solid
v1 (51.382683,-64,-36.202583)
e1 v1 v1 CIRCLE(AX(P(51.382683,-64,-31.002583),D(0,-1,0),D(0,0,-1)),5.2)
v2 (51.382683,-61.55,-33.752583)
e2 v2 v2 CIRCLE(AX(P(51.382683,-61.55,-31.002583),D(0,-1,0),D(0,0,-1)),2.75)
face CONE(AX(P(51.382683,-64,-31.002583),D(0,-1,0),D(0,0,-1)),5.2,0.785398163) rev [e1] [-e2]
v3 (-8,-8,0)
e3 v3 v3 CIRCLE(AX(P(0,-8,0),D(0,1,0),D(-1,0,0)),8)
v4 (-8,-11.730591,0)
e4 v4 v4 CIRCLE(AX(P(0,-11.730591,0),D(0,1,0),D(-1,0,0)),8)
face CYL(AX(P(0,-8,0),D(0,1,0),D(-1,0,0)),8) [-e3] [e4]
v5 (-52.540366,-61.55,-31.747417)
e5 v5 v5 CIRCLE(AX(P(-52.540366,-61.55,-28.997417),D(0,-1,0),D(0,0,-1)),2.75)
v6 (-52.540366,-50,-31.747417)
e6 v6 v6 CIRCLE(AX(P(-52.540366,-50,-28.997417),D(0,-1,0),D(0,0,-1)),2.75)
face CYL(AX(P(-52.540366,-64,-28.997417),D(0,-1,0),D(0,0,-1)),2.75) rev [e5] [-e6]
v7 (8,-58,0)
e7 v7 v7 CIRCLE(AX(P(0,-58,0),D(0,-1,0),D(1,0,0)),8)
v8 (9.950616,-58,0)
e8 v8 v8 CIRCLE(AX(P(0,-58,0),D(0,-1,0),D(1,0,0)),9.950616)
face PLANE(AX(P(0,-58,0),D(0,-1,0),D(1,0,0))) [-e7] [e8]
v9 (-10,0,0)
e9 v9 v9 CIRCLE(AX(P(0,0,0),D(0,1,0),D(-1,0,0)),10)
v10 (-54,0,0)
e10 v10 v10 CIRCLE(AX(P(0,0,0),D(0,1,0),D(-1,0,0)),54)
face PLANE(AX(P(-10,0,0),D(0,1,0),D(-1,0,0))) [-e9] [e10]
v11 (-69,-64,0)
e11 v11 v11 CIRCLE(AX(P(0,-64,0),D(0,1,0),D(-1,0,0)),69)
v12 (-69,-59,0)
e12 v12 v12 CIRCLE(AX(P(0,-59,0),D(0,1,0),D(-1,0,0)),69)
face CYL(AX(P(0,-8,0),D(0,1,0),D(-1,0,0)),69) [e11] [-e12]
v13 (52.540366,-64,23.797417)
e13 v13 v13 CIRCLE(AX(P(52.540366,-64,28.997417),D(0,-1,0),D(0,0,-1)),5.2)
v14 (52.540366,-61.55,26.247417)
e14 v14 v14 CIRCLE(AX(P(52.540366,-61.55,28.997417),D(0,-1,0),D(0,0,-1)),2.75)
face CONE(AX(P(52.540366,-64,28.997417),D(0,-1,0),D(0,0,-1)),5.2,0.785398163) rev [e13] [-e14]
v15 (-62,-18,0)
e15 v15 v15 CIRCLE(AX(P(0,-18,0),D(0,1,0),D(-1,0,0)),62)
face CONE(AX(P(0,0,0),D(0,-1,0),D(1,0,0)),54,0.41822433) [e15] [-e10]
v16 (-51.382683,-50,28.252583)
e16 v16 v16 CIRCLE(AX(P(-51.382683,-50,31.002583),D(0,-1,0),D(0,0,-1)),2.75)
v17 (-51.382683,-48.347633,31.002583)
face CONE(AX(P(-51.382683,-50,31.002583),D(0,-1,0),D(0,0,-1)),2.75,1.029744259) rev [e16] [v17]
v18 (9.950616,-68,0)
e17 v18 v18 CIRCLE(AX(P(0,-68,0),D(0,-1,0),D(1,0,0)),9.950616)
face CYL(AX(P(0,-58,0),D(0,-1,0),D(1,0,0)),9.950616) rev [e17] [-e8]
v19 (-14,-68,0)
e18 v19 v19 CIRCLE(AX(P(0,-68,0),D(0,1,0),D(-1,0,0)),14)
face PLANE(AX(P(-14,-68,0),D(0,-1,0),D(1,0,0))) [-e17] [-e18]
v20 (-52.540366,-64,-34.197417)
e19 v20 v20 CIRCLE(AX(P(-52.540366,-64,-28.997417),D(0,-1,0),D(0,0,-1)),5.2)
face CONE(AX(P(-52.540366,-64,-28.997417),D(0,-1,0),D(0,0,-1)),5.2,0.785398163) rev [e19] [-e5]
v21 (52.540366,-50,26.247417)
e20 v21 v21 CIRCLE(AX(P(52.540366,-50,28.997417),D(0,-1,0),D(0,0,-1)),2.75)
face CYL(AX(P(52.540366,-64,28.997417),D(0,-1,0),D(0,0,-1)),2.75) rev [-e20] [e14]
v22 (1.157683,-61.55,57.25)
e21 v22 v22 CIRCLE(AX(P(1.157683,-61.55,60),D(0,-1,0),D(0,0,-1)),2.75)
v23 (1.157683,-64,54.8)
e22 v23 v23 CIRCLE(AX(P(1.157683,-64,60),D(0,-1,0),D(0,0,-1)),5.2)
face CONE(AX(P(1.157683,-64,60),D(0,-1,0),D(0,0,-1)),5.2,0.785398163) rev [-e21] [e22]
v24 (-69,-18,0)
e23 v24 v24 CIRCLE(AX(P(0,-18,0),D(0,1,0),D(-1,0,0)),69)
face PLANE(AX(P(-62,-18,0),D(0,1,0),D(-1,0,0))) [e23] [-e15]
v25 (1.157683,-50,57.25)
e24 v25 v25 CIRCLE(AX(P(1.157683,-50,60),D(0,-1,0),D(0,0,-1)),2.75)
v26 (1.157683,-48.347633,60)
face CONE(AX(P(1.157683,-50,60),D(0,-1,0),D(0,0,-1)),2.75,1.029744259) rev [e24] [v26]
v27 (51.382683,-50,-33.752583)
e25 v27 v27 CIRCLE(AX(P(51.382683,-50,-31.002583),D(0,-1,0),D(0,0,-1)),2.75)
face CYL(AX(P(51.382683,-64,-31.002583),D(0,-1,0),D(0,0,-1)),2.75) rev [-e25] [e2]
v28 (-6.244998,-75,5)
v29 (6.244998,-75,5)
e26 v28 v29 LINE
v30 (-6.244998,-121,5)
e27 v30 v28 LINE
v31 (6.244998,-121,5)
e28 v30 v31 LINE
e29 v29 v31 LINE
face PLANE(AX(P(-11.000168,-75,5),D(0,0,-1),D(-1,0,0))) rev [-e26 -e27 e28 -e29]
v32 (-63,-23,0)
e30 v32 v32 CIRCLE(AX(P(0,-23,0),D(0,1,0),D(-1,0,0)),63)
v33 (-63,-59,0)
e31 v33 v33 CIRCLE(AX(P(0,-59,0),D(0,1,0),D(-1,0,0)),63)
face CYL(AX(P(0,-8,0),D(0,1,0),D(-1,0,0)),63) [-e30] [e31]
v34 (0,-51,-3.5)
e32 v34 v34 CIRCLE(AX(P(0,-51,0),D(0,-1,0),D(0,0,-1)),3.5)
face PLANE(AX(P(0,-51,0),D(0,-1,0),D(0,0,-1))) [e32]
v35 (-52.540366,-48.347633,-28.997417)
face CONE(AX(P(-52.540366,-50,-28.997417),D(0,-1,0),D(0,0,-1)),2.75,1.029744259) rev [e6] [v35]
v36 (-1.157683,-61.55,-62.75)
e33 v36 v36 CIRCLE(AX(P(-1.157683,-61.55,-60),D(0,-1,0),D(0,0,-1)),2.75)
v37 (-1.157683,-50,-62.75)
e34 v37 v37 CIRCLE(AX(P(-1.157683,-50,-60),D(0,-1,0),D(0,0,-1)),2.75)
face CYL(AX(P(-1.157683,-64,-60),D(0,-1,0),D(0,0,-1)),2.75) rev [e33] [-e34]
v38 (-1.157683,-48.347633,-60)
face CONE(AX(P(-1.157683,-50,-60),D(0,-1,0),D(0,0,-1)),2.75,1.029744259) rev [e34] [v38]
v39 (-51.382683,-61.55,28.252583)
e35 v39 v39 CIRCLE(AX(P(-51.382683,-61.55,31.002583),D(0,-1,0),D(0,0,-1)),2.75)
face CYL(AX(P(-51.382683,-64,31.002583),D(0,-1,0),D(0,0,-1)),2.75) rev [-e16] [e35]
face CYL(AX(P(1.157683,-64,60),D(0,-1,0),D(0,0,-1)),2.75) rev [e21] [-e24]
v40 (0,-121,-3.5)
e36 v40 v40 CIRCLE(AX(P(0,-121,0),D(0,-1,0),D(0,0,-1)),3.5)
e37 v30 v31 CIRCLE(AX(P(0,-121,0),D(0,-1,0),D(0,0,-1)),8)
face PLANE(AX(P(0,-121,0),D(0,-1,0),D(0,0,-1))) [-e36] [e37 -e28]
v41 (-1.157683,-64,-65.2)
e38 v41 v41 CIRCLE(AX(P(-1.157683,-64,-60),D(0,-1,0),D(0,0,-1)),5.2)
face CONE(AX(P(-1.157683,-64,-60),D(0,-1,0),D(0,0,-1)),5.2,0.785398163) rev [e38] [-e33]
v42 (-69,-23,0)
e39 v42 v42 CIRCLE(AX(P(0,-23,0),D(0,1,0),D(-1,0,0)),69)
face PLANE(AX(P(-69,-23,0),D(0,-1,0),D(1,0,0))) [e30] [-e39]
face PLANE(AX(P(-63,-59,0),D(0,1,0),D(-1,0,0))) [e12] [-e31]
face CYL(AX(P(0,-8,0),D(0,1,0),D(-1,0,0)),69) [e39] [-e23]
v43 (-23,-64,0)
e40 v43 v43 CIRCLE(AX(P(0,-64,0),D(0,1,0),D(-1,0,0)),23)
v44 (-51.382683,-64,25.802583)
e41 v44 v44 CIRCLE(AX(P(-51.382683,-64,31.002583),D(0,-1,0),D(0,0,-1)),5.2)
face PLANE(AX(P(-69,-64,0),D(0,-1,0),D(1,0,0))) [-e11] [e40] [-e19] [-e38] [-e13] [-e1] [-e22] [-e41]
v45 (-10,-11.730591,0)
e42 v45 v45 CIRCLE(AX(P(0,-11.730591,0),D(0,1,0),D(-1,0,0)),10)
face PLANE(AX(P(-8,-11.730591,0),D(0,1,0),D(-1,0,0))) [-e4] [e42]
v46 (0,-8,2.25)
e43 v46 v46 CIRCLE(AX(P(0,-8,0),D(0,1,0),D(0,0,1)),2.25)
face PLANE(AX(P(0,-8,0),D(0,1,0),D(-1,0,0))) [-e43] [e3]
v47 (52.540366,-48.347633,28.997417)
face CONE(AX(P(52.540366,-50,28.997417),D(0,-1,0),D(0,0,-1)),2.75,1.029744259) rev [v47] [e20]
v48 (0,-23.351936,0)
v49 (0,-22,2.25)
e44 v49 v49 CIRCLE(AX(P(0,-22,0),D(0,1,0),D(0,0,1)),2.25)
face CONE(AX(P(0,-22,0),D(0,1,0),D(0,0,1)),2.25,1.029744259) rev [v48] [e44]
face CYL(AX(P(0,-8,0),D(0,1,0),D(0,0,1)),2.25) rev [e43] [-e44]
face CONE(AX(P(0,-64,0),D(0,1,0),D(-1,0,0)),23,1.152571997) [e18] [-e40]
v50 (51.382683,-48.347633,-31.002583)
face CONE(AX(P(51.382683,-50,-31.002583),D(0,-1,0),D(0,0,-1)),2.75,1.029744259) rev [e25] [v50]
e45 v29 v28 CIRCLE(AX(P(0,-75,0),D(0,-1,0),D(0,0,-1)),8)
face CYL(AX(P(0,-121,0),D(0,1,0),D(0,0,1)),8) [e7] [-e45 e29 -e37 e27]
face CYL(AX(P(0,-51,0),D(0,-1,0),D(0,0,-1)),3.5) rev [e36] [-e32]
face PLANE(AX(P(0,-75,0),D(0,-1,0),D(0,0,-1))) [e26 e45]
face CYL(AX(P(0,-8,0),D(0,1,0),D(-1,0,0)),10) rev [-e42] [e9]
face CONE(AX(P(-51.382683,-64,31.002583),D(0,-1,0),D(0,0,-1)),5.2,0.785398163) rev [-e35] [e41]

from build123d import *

# Parameters (mm, degrees)
EXTRUDE_START            = 53
SKETCH_3_R               = 8
EXTRUDE_1_DEPTH          = 53
SKETCH_4_W               = 21.869380784
SKETCH_4_H               = 6.809627549
CUT_EXTRUDE_1_DEPTH      = 46
SKETCH_5_R               = 3.5
CUT_EXTRUDE_2_DEPTH      = 70
PATTERN_CIRCULAR_1_COUNT = 6
HOLE_WIZARD_M41_D        = 4.5
HOLE_WIZARD_M41_DEPTH    = 14
HOLE_WIZARD_M41_TIP      = 1.351936393
SKETCH_14_R              = 9.95061624
SKETCH_14_R_2            = 8
CUT_EXTRUDE_5_DEPTH      = 10


with BuildPart() as part:
    # Эскиз2 → Повернуть1 (revolve)
    with BuildSketch(Plane.XY):
        Polygon((-10, 0), (-54, 0), (-62, -18), (-69, -18), (-69, -23), (-63, -23), (-63, -59), (-69, -59), (-69, -64), (-23, -64), (-14, -68), (0, -68), (0, -8), (-8, -8), (-8, -11.730591033), (-10, -11.730591033), align=None)
    revolve(axis=Axis((0, -8, 0), (0, -1, 0)))

    # Эскиз3 → Бобышка-Вытянуть1 (add)
    with BuildSketch(Plane.XZ.offset(68).offset(EXTRUDE_START)):
        with Locations(Location((0, 0, 0), (0, 0, 180))):
            Circle(SKETCH_3_R)
    extrude(amount=-EXTRUDE_1_DEPTH)

    # Эскиз4 → Вырез-Вытянуть1 (cut)
    with BuildSketch(Plane.XZ.offset(121)):
        with Locations((-0.065477188, 8.404813774)):
            Rectangle(SKETCH_4_W, SKETCH_4_H)
    extrude(amount=-CUT_EXTRUDE_1_DEPTH, mode=Mode.SUBTRACT)

    # Эскиз5 → Вырез-Вытянуть2 (cut)
    with BuildSketch(Plane.XZ.offset(121)):
        with Locations(Location((0, 0, 0), (0, 0, 270))):
            Circle(SKETCH_5_R)
    extrude(amount=-CUT_EXTRUDE_2_DEPTH, mode=Mode.SUBTRACT)

    # Эскиз7 → Зенковка для винта с полупотайной головкой M51 (revolve, cut)
    with BuildSketch(Plane(origin=(-1.157683247, -64, -60), x_dir=(0, 0, -1), z_dir=(1, 0, 0))):
        Polygon((0, 0), (0, 15.652366702), (2.75, 14), (2.75, 2.45), (5.2, 0), align=None)
    hole_wizard_m51 = revolve(axis=Axis((-1.157683247, -70.35, -60), (0, 1, 0)), mode=Mode.SUBTRACT)

    # Круговой массив1: Зенковка для винта с полупотайной головкой M51 ×6 about axis
    pattern_circular_1_axis = Axis((0, 0, 0), (0, 1, 0))
    for i in range(1, PATTERN_CIRCULAR_1_COUNT):
        add(hole_wizard_m51.rotate(pattern_circular_1_axis, i * 360 / PATTERN_CIRCULAR_1_COUNT), mode=Mode.SUBTRACT)

    # Отверстие с зазором M41
    with Locations(Plane(origin=(0, -8, 0), x_dir=(1, 0, 0), z_dir=(0, 1, 0))):
        with Locations((0, 0)):
            Hole(HOLE_WIZARD_M41_D / 2, depth=HOLE_WIZARD_M41_DEPTH)
            with Locations((0, 0, -(HOLE_WIZARD_M41_DEPTH + HOLE_WIZARD_M41_TIP / 2))):  # 118° drill point
                Cone(0, HOLE_WIZARD_M41_D / 2, HOLE_WIZARD_M41_TIP, mode=Mode.SUBTRACT)

    # Эскиз14 → Вырез-Вытянуть5 (cut)
    with BuildSketch(Plane.XZ.offset(68)):
        Circle(SKETCH_14_R)
        with Locations(Location((0, 0, 0), (0, 0, 180))):
            Circle(SKETCH_14_R_2, mode=Mode.SUBTRACT)
    extrude(amount=-CUT_EXTRUDE_5_DEPTH, mode=Mode.SUBTRACT)


solid = part.part
